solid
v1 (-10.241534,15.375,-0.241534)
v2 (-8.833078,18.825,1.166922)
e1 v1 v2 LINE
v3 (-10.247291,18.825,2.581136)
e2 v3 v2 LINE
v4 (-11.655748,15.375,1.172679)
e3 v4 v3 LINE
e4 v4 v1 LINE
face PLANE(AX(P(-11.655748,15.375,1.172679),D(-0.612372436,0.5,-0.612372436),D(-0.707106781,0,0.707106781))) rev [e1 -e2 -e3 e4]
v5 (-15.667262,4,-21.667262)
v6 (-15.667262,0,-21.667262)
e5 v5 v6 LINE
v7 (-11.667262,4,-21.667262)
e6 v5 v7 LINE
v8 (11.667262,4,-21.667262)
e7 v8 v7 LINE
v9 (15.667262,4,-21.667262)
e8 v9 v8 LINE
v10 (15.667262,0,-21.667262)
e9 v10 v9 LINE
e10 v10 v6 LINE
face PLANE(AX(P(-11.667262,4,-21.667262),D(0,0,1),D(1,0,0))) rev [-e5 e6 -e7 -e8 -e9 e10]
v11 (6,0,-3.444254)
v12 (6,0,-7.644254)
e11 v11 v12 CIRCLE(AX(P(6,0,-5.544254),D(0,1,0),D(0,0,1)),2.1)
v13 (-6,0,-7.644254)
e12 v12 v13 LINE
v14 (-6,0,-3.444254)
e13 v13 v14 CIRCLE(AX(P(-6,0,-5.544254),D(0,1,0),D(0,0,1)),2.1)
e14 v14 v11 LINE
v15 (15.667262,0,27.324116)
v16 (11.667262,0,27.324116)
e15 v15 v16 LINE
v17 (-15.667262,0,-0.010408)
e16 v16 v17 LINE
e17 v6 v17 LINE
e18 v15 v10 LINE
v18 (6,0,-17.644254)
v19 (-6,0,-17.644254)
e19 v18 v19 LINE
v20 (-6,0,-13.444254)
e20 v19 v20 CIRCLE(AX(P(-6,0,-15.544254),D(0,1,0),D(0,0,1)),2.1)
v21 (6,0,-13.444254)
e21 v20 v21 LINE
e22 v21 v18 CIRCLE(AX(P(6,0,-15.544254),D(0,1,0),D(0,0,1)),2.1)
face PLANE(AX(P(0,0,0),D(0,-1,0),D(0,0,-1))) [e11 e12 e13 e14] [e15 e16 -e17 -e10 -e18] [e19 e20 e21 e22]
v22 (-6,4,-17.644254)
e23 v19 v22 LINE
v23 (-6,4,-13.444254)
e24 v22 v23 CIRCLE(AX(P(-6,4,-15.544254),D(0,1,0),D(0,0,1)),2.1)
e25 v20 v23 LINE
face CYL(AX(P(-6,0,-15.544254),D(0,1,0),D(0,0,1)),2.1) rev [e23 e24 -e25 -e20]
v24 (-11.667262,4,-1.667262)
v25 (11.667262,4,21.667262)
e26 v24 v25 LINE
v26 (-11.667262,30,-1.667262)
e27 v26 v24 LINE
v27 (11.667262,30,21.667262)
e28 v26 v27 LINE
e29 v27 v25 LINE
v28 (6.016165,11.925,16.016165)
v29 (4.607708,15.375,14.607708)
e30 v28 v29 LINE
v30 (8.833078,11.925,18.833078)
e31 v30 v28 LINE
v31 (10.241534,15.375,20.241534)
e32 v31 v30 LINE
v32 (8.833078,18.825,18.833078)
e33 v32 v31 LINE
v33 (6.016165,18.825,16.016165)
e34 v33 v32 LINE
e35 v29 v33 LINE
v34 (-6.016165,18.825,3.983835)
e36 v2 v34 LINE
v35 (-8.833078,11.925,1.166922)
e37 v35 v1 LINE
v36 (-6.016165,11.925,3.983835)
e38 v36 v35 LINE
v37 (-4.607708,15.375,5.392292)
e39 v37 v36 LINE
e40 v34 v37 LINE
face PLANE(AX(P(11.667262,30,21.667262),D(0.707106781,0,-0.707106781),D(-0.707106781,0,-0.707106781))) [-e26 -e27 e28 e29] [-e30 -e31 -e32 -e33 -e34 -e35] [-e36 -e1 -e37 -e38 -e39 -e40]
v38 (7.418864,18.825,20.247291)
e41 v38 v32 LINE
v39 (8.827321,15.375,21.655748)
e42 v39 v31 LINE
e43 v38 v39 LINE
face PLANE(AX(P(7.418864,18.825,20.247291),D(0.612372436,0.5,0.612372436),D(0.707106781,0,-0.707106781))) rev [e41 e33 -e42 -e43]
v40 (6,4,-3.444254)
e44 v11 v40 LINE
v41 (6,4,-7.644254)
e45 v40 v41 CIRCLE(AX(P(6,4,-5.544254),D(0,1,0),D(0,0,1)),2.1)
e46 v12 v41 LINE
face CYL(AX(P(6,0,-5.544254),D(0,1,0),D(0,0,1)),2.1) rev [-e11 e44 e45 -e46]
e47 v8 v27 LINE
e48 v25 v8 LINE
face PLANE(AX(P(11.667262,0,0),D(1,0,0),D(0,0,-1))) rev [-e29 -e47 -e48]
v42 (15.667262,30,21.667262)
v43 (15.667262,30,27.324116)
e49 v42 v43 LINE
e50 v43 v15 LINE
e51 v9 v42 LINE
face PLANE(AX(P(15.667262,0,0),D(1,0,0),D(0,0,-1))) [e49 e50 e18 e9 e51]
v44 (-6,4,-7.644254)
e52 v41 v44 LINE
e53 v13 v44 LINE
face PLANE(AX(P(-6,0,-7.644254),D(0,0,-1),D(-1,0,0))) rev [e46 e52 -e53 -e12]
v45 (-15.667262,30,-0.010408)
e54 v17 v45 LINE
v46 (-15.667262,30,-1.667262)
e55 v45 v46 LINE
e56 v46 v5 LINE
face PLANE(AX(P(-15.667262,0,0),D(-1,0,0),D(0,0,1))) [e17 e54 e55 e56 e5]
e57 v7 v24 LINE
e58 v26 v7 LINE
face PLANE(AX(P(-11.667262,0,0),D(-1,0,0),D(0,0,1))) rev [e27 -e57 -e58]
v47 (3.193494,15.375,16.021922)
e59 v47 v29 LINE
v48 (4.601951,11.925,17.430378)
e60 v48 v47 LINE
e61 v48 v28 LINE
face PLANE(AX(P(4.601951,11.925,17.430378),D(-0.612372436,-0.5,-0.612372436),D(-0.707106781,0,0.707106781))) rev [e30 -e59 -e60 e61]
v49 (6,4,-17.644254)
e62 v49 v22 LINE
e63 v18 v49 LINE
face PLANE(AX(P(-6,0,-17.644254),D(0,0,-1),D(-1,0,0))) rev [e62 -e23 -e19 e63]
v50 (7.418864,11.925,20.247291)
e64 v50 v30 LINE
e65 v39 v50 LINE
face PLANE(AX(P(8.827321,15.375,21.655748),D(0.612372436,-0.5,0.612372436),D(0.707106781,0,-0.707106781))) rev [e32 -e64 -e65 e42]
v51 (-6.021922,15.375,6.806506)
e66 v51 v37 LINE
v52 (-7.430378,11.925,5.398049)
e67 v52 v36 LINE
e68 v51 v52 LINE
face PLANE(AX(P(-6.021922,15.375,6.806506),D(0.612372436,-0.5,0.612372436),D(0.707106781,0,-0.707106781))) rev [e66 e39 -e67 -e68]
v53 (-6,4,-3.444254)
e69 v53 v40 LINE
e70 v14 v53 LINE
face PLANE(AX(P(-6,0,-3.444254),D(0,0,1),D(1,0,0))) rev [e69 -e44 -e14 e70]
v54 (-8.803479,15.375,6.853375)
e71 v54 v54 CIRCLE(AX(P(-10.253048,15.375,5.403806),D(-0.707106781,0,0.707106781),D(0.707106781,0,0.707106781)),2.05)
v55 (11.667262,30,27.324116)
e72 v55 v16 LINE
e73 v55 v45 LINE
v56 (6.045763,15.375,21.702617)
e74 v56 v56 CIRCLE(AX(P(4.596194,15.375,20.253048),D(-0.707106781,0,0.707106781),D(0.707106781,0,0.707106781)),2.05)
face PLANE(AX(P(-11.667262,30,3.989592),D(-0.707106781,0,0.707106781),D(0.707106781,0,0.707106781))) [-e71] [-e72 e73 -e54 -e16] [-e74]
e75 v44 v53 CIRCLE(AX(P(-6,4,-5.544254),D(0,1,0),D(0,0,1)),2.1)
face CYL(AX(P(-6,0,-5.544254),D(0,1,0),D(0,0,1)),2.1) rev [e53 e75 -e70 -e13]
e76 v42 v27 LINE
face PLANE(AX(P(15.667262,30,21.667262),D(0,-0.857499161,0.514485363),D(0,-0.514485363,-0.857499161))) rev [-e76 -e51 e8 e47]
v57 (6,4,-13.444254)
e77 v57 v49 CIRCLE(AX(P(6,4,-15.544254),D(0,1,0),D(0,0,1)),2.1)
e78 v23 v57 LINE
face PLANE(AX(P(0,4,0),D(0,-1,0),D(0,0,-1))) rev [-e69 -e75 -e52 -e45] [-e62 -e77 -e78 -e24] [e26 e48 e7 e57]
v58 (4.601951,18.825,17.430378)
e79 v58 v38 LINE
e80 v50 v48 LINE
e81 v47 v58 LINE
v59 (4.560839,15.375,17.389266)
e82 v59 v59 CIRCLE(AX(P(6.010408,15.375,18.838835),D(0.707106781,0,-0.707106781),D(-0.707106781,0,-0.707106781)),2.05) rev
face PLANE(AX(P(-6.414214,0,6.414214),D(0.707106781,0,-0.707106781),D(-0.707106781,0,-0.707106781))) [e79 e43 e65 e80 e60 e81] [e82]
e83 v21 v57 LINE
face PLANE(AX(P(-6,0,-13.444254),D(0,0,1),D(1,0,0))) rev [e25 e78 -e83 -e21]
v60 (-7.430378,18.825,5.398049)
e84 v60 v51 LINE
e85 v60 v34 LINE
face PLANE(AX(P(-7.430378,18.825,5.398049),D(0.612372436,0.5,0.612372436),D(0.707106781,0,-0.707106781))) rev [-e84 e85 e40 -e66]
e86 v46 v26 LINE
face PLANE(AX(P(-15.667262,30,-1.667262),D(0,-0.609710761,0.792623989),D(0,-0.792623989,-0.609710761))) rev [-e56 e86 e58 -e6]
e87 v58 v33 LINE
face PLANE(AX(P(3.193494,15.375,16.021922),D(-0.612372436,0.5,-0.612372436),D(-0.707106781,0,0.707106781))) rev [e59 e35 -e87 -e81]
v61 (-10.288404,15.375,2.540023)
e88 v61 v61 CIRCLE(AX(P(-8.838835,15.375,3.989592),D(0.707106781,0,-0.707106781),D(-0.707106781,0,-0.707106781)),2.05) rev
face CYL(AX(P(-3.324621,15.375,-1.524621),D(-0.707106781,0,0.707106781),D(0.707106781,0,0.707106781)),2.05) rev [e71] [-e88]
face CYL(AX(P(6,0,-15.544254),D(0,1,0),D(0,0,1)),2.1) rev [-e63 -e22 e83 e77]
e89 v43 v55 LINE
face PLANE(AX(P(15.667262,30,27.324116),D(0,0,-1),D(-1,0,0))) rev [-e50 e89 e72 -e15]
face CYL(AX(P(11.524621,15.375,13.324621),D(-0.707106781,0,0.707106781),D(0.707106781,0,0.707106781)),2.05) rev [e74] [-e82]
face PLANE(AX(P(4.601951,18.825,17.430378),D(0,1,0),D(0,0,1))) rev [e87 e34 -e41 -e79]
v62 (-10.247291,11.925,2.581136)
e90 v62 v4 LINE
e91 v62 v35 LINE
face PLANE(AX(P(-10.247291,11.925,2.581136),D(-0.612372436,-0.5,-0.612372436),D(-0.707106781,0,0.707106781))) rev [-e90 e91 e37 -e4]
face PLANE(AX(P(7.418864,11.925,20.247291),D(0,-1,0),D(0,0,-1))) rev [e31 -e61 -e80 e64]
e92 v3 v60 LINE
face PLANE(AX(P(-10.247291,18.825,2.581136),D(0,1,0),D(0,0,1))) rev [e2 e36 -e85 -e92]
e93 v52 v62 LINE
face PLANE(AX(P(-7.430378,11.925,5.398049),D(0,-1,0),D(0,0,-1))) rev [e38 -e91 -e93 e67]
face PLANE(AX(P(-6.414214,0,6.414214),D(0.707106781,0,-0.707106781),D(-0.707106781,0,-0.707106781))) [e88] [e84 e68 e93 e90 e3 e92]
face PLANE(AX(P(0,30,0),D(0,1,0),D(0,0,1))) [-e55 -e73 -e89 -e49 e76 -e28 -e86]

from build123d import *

# Parameters (mm, degrees)
SALIENTE_EXTRUIR1_DEPTH = 4
SALIENTE_EXTRUIR2_DEPTH = 30
SALIENTE_EXTRUIR5_DEPTH = 4
SALIENTE_EXTRUIR7_DEPTH = 4
CORTAR_EXTRUIR2_DEPTH   = 31
CROQUIS13_R             = 2.05
CORTAR_EXTRUIR3_DEPTH   = 4
CORTAR_EXTRUIR4_DEPTH   = 5
CORTAR_EXTRUIR5_DEPTH   = 2


with BuildPart() as part:
    # Croquis1 → Saliente-Extruir1 (new body)
    with BuildSketch(Plane(origin=(0, 0, 0), x_dir=(1, 0, 0), z_dir=(0, 1, 0))):
        Polygon((-11.66726189, 1.66726189), (11.66726189, -21.66726189), (11.66726189, 21.66726189), (-11.66726189, 21.66726189), align=None)
    extrude(amount=SALIENTE_EXTRUIR1_DEPTH)

    # Croquis3 → Saliente-Extruir2 (add)
    with BuildSketch(Plane.XZ):
        Polygon((-11.66726189, -1.66726189), (-11.66726189, 3.98959236), (11.66726189, 27.324116139), (11.66726189, 21.66726189), align=None)
    extrude(amount=-SALIENTE_EXTRUIR2_DEPTH)

    # Croquis7 → Saliente-Extruir5 (add)
    with BuildSketch(Plane(origin=(11.66726189, 0, 0), x_dir=(0, 0, -1), z_dir=(1, 0, 0))):
        Polygon((-21.66726189, 30), (21.66726189, 4), (21.66726189, 0), (-27.324116139, 0), (-27.324116139, 30), align=None)
    extrude(amount=SALIENTE_EXTRUIR5_DEPTH)

    # Croquis10 → Saliente-Extruir7 (add)
    with BuildSketch(Plane.ZY.offset(11.66726189)):
        Polygon((-1.66726189, 30), (-21.66726189, 4), (-21.66726189, 0), (3.98959236, 0), (3.98959236, 30), align=None)
    extrude(amount=SALIENTE_EXTRUIR7_DEPTH)

    # Croquis11 → Cortar-Extruir2 (cut, through all)
    with BuildSketch(Plane(origin=(0, 30, 0), x_dir=(1, 0, 0), z_dir=(0, 1, 0))):
        Polygon((-11.66726189, -3.98959236), (-15.66726189, 0.01040764), (-15.66726189, -3.98959236), align=None)
    extrude(amount=-CORTAR_EXTRUIR2_DEPTH, mode=Mode.SUBTRACT)

    # Croquis13 → Cortar-Extruir3 (cut)
    with BuildSketch(Plane(origin=(-7.828427125, 0, 7.828427125), x_dir=(0.707106781, 0, 0.707106781), z_dir=(-0.707106781, 0, 0.707106781))):
        with Locations((-3.428932188, 15.375)):
            Circle(CROQUIS13_R)
        with Locations((17.571067812, 15.375)):
            Circle(CROQUIS13_R)
    extrude(amount=-CORTAR_EXTRUIR3_DEPTH, mode=Mode.SUBTRACT)

    # Croquis14 → Cortar-Extruir4 (cut, through all)
    with BuildSketch(Plane(origin=(0, 4, 0), x_dir=(1, 0, 0), z_dir=(0, 1, 0))):
        with BuildLine():
            Line((-6, 17.644253814), (6, 17.644253814))
            ThreePointArc((6, 17.644253814), (8.1, 15.544253814), (6, 13.444253814))
            Line((6, 13.444253814), (-6, 13.444253814))
            ThreePointArc((-6, 13.444253814), (-8.1, 15.544253814), (-6, 17.644253814))
        make_face()
        with BuildLine():
            Line((-6, 7.644253814), (6, 7.644253814))
            ThreePointArc((6, 7.644253814), (8.1, 5.544253814), (6, 3.444253814))
            Line((6, 3.444253814), (-6, 3.444253814))
            ThreePointArc((-6, 3.444253814), (-8.1, 5.544253814), (-6, 7.644253814))
        make_face()
    extrude(amount=-CORTAR_EXTRUIR4_DEPTH, mode=Mode.SUBTRACT)

    # Croquis15 → Cortar-Extruir5 (cut)
    with BuildSketch(Plane(origin=(-5, 0, 5), x_dir=(-0.707106781, 0, -0.707106781), z_dir=(0.707106781, 0, -0.707106781))):
        Polygon((-13.587350954, 15.375), (-15.579209383, 18.825), (-19.562926241, 18.825), (-21.554784669, 15.375), (-19.562926241, 11.925), (-15.579209383, 11.925), align=None)
        Polygon((-0.554784669, 15.375), (1.437073759, 11.925), (5.420790617, 11.925), (7.412649046, 15.375), (5.420790617, 18.825), (1.437073759, 18.825), align=None)
    extrude(amount=-CORTAR_EXTRUIR5_DEPTH, mode=Mode.SUBTRACT)


solid = part.part
